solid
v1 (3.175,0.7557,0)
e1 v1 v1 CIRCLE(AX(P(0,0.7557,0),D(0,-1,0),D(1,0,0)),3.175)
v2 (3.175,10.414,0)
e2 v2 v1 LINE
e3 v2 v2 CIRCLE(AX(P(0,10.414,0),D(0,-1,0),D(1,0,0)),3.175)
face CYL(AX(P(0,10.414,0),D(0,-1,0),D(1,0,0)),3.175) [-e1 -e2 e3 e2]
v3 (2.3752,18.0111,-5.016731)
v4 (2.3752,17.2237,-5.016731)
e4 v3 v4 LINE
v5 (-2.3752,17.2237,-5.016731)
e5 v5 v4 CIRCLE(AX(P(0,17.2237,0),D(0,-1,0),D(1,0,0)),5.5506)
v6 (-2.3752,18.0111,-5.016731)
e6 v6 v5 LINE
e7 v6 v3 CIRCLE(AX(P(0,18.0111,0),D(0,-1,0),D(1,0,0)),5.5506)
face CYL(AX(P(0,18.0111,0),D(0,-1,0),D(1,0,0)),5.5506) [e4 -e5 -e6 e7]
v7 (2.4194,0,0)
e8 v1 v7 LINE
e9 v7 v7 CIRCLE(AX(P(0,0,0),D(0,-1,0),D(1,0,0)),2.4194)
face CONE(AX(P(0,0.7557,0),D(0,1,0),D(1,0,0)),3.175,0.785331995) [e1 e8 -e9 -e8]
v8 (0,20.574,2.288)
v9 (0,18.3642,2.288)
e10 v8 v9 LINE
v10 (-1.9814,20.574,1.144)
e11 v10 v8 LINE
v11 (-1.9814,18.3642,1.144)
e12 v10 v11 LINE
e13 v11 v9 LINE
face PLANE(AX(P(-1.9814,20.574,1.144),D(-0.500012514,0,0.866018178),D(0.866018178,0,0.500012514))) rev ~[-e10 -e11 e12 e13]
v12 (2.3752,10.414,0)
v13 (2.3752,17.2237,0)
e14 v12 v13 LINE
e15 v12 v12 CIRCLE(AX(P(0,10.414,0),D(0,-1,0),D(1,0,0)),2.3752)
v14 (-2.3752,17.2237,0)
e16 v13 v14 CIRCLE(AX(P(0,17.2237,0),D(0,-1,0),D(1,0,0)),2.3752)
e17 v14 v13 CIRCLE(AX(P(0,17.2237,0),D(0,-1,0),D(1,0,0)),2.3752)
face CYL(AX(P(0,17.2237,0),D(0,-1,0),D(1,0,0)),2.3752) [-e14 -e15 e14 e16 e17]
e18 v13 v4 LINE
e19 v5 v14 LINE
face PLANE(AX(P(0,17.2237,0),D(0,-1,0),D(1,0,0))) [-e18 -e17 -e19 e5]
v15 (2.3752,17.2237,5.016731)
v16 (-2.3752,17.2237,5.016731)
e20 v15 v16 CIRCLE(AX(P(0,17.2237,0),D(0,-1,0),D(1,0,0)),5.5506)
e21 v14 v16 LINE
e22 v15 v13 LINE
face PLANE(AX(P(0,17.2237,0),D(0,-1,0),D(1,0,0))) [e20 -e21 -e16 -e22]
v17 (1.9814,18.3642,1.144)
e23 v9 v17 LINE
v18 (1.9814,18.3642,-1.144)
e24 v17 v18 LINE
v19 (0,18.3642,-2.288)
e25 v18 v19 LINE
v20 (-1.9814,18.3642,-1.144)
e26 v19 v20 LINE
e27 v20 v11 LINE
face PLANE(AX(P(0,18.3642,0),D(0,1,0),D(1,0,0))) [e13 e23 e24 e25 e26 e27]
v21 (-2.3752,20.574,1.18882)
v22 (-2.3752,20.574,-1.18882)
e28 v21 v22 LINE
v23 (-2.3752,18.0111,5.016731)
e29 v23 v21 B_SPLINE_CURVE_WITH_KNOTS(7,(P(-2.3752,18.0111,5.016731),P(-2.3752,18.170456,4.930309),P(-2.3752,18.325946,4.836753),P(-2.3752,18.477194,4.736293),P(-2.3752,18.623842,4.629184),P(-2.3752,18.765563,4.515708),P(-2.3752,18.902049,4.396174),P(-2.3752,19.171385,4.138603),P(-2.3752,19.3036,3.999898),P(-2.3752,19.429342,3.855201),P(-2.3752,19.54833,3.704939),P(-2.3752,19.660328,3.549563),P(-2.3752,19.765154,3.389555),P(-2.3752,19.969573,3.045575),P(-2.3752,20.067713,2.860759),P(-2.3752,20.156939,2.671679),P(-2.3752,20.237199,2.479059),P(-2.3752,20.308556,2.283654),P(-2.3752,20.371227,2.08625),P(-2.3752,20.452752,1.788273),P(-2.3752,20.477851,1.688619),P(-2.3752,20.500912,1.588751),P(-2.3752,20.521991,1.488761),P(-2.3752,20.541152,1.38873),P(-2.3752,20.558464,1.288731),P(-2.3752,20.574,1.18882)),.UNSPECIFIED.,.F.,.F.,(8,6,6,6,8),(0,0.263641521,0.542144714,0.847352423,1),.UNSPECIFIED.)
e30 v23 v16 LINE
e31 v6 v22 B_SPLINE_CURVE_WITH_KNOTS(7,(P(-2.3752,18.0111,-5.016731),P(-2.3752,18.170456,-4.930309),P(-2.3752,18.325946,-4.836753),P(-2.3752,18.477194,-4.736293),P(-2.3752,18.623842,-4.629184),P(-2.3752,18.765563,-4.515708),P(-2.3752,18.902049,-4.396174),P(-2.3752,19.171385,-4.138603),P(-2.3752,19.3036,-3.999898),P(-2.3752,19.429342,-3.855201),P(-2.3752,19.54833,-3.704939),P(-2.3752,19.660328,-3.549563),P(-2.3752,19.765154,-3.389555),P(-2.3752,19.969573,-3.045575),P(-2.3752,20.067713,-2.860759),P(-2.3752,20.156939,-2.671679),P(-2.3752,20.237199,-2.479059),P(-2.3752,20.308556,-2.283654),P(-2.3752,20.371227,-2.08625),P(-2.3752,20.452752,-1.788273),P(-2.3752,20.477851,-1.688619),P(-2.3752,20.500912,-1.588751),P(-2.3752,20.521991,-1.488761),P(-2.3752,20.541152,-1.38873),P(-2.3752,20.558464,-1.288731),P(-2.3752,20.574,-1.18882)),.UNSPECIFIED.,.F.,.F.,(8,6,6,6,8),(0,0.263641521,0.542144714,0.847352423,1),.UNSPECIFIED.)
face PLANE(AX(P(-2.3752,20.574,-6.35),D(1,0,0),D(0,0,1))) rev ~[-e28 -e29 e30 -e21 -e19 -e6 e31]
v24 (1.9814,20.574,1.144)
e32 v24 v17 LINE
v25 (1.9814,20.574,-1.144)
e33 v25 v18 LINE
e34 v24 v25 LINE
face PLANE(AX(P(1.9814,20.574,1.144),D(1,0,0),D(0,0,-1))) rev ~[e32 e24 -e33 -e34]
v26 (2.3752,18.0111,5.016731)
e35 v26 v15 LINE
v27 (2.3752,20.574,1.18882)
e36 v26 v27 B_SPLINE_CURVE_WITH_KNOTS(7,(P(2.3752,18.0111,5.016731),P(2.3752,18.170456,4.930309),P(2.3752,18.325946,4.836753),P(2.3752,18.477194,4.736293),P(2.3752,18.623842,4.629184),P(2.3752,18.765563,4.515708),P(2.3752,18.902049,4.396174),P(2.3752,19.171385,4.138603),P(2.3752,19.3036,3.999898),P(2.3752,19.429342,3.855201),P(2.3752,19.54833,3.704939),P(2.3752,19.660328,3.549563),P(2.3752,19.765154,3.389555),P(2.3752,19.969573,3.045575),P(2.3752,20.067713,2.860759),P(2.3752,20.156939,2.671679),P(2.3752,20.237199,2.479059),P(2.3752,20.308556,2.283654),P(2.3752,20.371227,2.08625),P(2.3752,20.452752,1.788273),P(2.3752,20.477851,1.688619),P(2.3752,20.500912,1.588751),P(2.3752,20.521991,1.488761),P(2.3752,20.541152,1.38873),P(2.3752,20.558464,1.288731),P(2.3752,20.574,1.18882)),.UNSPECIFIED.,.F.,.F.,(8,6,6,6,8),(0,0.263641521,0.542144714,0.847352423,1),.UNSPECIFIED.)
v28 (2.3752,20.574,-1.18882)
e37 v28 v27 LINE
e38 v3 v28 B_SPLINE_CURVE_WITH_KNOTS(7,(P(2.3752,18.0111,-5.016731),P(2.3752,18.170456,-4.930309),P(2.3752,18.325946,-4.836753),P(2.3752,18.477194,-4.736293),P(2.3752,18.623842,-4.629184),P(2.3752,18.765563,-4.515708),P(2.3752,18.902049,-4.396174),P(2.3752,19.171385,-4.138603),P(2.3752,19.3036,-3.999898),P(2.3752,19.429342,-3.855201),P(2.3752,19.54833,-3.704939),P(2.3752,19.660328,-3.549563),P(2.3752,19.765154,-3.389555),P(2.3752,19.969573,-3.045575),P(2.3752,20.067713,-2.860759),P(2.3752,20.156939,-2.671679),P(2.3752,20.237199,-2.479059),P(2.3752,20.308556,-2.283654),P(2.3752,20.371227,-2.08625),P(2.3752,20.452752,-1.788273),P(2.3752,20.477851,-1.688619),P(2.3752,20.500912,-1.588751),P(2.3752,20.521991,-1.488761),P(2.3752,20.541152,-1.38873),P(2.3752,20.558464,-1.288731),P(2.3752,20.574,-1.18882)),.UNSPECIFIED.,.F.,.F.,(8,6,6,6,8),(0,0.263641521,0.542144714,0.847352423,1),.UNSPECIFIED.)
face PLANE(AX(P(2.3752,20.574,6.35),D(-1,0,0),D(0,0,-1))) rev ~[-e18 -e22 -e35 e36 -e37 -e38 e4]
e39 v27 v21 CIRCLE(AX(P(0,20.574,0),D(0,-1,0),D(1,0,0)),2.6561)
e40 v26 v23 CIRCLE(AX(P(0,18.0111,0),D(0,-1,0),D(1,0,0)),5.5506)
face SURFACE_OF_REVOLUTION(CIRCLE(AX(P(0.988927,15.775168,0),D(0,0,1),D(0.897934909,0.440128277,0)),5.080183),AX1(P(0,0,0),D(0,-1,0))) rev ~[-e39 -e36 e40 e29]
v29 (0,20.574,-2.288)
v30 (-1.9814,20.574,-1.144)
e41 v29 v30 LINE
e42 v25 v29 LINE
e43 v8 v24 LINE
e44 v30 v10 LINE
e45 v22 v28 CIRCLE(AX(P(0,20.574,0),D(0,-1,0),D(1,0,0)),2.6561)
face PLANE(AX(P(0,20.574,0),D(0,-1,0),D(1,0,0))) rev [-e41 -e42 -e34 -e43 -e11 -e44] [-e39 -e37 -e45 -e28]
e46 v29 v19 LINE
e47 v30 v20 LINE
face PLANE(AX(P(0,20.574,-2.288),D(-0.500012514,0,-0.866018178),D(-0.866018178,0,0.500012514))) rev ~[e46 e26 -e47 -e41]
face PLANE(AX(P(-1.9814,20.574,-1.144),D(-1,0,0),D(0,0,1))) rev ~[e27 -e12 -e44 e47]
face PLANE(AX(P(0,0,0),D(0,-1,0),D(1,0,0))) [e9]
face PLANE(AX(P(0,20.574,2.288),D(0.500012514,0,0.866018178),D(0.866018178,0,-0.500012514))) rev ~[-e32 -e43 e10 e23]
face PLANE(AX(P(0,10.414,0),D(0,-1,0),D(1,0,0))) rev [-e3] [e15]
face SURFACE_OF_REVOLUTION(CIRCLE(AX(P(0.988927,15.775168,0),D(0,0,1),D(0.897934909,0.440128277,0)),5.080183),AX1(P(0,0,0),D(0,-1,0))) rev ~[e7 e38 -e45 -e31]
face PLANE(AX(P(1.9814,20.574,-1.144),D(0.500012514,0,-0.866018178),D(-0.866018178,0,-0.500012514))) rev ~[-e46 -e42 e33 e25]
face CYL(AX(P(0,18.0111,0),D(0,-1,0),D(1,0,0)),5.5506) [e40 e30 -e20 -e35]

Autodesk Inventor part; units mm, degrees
sketch "Sketch_1" plane through (0, 0, 0) normal (0, 0, 1) x (1, 0, 0)
  line L0 (0, 0) -> (0, 20.574)
  line L1 (0, 20.574) -> (2.6561, 20.574)
  arc A0 (5.5506, 18.0111) -> (2.6561, 20.574) centre (0.9891, 15.7753) ccw
  line L2 (5.5506, 18.0111) -> (5.5506, 17.2237)
  line L3 (5.5506, 17.2237) -> (2.3752, 17.2237)
  line L4 (2.3752, 17.2237) -> (2.3752, 10.414)
  line L5 (2.3752, 10.414) -> (3.175, 10.414)
  line L6 (3.175, 10.414) -> (3.175, 0.7557)
  line L7 (3.175, 0.7557) -> (2.4194, 0)
  line L8 (2.4194, 0) -> (0, 0)
  line L9 (0, 0) -> (0, 20.574)
revolve "Revolution1" add sketch "Sketch_1" angle 360 about axis through (0, 0, 0) along (0, -1, 0)
thread "Thread1" size "1/4-20 UNC" class "2A" standard "ANSI Unified Screw Threads" full length
sketch "Sketch_2" plane through (0, 20.574, 0) normal (0, 1, 0) x (1, 0, 0)
  line L0 (-7.62, 7.62) -> (-7.62, -7.62)
  line L1 (-7.62, -7.62) -> (7.62, -7.62)
  line L2 (7.62, -7.62) -> (7.62, 7.62)
  line L3 (7.62, 7.62) -> (-7.62, 7.62)
  line L4 (-2.3752, 6.35) -> (-2.3752, -6.35)
  line L5 (-2.3752, -6.35) -> (2.3752, -6.35)
  line L6 (2.3752, -6.35) -> (2.3752, 6.35)
  line L7 (2.3752, 6.35) -> (-2.3752, 6.35)
extrude "Extrusion1" cut sketch "Sketch_2" along normal mid plane 10.16
sketch "Sketch_3" plane through (0, 20.574, 0) normal (0, 1, 0) x (1, 0, 0)
  line L0 (-1.9814, -1.144) -> (0, -2.288)
  line L1 (0, -2.288) -> (1.9814, -1.144)
  line L2 (1.9814, -1.144) -> (1.9814, 1.144)
  line L3 (1.9814, 1.144) -> (0, 2.288)
  line L4 (0, 2.288) -> (-1.9814, 1.144)
  line L5 (-1.9814, 1.144) -> (-1.9814, -1.144)
extrude "Extrusion2" cut sketch "Sketch_3" against normal blind 2.2098
ref_plane "to_a_XY" through (0, 9.6037, 0) normal (0, 1, 0) x (1, 0, 0)
ref_plane "to_a_YZ" through (0, 9.6037, 0) normal (1, 0, 0) x (0, 0, -1)
ref_plane "to_a_ZX" through (0, 9.6037, 0) normal (0, 0, -1) x (0, 1, 0)
properties part number "2059_screw"
